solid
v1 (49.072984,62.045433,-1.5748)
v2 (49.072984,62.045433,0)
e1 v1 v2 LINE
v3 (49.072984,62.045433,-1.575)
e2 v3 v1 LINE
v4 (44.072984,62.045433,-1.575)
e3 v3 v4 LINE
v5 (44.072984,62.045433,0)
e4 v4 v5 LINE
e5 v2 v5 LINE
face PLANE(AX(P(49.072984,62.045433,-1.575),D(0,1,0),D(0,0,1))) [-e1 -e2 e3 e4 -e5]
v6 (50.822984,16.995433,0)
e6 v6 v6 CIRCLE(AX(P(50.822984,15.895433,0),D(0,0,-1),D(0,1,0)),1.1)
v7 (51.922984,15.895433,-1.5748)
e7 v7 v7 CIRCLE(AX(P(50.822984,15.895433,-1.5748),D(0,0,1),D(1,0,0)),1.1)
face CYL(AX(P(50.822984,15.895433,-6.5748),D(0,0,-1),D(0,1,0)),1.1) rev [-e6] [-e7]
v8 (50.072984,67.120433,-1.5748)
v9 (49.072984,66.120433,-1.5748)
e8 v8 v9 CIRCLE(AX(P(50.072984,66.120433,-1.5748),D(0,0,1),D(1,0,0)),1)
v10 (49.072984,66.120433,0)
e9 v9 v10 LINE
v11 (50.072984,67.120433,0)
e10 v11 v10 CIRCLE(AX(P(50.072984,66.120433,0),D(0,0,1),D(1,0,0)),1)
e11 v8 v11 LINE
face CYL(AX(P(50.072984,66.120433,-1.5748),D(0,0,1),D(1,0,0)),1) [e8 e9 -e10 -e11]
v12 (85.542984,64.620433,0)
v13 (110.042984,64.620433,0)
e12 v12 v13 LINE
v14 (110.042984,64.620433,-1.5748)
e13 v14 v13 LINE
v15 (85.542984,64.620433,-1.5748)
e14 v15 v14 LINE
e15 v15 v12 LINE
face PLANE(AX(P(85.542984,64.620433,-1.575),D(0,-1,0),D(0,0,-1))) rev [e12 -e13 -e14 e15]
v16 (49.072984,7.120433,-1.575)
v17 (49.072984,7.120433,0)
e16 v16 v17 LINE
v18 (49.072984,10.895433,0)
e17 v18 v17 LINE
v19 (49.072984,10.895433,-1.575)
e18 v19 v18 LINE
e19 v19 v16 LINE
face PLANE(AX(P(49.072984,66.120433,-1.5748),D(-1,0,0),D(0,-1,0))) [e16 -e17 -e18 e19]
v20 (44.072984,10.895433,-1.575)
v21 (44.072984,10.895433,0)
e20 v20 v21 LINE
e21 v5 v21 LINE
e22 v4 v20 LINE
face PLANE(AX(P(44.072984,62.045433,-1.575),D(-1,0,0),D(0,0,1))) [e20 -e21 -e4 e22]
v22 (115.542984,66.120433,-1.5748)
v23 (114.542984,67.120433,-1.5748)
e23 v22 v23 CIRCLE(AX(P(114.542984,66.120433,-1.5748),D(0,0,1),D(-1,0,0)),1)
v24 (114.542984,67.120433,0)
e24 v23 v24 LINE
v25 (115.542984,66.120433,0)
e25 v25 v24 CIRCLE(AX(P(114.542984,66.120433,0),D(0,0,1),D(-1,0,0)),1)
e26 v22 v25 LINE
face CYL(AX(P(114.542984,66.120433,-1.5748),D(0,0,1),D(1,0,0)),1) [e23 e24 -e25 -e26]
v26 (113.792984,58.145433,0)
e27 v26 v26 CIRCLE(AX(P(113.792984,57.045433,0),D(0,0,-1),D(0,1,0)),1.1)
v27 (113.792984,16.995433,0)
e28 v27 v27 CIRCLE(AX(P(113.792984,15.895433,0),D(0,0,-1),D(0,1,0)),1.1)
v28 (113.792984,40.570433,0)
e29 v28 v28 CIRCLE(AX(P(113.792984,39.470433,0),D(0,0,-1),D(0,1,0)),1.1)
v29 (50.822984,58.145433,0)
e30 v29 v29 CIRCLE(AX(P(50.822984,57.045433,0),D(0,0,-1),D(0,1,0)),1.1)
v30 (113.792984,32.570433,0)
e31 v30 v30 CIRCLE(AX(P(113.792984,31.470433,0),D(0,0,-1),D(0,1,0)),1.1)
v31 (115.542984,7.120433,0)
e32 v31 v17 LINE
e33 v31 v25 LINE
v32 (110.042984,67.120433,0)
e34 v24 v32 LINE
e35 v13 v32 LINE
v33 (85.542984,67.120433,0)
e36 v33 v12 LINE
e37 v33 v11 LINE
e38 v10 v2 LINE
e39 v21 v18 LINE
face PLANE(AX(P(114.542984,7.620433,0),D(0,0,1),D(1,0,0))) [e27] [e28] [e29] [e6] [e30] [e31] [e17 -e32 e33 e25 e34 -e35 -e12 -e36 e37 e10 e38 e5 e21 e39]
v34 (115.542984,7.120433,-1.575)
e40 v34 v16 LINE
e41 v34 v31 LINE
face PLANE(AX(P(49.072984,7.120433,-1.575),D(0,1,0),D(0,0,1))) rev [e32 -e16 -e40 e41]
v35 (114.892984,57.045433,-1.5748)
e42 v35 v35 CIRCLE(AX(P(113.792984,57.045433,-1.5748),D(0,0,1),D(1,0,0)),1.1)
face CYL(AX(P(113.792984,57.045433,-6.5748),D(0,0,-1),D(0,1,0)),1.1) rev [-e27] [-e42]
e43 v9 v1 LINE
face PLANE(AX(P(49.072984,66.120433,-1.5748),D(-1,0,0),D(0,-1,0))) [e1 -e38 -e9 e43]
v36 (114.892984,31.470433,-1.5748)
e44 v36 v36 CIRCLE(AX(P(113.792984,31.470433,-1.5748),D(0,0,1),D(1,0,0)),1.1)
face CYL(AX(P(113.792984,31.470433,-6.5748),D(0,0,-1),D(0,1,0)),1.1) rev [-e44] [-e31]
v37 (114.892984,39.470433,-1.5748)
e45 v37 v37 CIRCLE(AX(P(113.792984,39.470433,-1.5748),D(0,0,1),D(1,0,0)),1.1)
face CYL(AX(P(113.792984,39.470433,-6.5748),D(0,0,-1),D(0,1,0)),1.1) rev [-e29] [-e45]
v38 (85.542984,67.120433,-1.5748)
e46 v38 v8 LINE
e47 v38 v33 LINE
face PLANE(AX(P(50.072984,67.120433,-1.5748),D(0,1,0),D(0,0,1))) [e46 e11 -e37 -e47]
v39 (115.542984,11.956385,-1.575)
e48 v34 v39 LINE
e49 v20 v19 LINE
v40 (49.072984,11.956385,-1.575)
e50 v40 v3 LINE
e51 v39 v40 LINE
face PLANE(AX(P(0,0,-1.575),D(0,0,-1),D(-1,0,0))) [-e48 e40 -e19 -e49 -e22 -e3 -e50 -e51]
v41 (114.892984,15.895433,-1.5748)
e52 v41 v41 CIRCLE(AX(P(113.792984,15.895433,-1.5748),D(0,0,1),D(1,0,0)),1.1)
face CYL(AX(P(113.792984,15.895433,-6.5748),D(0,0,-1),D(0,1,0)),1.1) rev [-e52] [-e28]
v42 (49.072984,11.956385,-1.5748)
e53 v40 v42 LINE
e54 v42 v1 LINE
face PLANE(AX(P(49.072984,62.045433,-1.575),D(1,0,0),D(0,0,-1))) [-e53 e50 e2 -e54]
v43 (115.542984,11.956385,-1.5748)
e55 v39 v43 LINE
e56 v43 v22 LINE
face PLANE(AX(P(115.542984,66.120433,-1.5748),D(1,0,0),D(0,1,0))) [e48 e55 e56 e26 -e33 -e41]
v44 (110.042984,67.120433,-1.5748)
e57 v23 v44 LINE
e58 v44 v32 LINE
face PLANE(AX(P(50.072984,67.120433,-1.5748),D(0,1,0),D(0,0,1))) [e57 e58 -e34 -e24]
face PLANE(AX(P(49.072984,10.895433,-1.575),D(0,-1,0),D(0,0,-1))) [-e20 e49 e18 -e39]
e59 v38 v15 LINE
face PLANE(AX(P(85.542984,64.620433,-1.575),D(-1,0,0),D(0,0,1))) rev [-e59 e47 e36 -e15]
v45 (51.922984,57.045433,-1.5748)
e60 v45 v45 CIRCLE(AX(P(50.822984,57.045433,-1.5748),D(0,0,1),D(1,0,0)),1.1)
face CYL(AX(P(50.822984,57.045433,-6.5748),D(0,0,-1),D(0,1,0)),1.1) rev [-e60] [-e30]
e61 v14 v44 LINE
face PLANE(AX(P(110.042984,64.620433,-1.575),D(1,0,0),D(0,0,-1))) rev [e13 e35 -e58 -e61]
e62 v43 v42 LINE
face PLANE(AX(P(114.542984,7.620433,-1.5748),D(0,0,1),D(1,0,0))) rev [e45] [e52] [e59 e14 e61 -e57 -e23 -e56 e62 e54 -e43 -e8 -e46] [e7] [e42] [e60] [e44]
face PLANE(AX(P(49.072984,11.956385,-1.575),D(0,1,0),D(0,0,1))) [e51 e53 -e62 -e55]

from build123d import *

# Parameters (mm, degrees)
BOSS_EXTRUDE1_DEPTH  = 1.5748
SKETCH3_W            = 66.47
SKETCH3_H            = 5.335951997
BOSS_EXTRUDE2_DEPTH  = 1.575
SKETCH4_W            = 66.47
SKETCH4_H            = 0.5
CUT_EXTRUDE1_DEPTH   = 134.633133513
M2_CLEARANCE_HOLE1_D = 2.2
SKETCH5_W            = 5
SKETCH5_H            = 51.15
BOSS_EXTRUDE3_DEPTH  = 1.575
SKETCH6_W            = 24.5
SKETCH6_H            = 2.5
CUT_EXTRUDE2_DEPTH   = 134.633133513


with BuildPart() as part:
    # BPR2 PCB Outline → Boss-Extrude1 (new body)
    with BuildSketch(Plane.XY):
        with BuildLine():
            Line((114.542984325, 6.620432961), (102.642984325, 6.620432961))
            Line((102.642984325, 6.620432961), (82.642984325, 6.620432961))
            Line((82.642984325, 6.620432961), (49.072984325, 6.620432961))
            Line((49.072984325, 6.620432961), (49.072984325, 66.120432961))
            ThreePointArc((49.072984325, 66.120432961), (49.365877543, 66.827539743), (50.072984325, 67.120432961))
            Line((50.072984325, 67.120432961), (114.542984325, 67.120432961))
            ThreePointArc((114.542984325, 67.120432961), (115.250091106, 66.827539743), (115.542984325, 66.120432961))
            Line((115.542984325, 66.120432961), (115.542984325, 7.620432961))
            ThreePointArc((115.542984325, 7.620432961), (115.250091106, 6.91332618), (114.542984325, 6.620432961))
        make_face()
    extrude(amount=-BOSS_EXTRUDE1_DEPTH)

    # Sketch3 → Boss-Extrude2 (add)
    with BuildSketch(Plane.XY):
        with Locations((82.307984325, 9.288408959)):
            Rectangle(SKETCH3_W, SKETCH3_H)
    extrude(amount=-BOSS_EXTRUDE2_DEPTH)

    # Sketch4 → Cut-Extrude1 (cut, through all)
    with BuildSketch(Plane.XY):
        with Locations((82.307984325, 6.870432961)):
            Rectangle(SKETCH4_W, SKETCH4_H)
    extrude(amount=-CUT_EXTRUDE1_DEPTH, mode=Mode.SUBTRACT)

    # M2 Clearance Hole1 (through all)
    with Locations(Plane(origin=(32.762906477, 104.007481373, -6.5748), x_dir=(1, 0, 0), z_dir=(0, 0, -1))):
        with Locations((18.060077848, 88.112048412), (18.060077848, 46.962048412), (81.030077848, 46.962048412), (81.030077848, 64.537048412), (81.030077848, 88.112048412), (81.030077848, 72.537048412)):
            Hole(M2_CLEARANCE_HOLE1_D / 2)

    # Sketch5 → Boss-Extrude3 (add)
    with BuildSketch(Plane.XY):
        with Locations((46.572984325, 36.470432961)):
            Rectangle(SKETCH5_W, SKETCH5_H)
    extrude(amount=-BOSS_EXTRUDE3_DEPTH)

    # Sketch6 → Cut-Extrude2 (cut, through all)
    with BuildSketch(Plane.XY):
        with Locations((97.792984325, 65.870432961)):
            Rectangle(SKETCH6_W, SKETCH6_H)
    extrude(amount=-CUT_EXTRUDE2_DEPTH, mode=Mode.SUBTRACT)


solid = part.part
